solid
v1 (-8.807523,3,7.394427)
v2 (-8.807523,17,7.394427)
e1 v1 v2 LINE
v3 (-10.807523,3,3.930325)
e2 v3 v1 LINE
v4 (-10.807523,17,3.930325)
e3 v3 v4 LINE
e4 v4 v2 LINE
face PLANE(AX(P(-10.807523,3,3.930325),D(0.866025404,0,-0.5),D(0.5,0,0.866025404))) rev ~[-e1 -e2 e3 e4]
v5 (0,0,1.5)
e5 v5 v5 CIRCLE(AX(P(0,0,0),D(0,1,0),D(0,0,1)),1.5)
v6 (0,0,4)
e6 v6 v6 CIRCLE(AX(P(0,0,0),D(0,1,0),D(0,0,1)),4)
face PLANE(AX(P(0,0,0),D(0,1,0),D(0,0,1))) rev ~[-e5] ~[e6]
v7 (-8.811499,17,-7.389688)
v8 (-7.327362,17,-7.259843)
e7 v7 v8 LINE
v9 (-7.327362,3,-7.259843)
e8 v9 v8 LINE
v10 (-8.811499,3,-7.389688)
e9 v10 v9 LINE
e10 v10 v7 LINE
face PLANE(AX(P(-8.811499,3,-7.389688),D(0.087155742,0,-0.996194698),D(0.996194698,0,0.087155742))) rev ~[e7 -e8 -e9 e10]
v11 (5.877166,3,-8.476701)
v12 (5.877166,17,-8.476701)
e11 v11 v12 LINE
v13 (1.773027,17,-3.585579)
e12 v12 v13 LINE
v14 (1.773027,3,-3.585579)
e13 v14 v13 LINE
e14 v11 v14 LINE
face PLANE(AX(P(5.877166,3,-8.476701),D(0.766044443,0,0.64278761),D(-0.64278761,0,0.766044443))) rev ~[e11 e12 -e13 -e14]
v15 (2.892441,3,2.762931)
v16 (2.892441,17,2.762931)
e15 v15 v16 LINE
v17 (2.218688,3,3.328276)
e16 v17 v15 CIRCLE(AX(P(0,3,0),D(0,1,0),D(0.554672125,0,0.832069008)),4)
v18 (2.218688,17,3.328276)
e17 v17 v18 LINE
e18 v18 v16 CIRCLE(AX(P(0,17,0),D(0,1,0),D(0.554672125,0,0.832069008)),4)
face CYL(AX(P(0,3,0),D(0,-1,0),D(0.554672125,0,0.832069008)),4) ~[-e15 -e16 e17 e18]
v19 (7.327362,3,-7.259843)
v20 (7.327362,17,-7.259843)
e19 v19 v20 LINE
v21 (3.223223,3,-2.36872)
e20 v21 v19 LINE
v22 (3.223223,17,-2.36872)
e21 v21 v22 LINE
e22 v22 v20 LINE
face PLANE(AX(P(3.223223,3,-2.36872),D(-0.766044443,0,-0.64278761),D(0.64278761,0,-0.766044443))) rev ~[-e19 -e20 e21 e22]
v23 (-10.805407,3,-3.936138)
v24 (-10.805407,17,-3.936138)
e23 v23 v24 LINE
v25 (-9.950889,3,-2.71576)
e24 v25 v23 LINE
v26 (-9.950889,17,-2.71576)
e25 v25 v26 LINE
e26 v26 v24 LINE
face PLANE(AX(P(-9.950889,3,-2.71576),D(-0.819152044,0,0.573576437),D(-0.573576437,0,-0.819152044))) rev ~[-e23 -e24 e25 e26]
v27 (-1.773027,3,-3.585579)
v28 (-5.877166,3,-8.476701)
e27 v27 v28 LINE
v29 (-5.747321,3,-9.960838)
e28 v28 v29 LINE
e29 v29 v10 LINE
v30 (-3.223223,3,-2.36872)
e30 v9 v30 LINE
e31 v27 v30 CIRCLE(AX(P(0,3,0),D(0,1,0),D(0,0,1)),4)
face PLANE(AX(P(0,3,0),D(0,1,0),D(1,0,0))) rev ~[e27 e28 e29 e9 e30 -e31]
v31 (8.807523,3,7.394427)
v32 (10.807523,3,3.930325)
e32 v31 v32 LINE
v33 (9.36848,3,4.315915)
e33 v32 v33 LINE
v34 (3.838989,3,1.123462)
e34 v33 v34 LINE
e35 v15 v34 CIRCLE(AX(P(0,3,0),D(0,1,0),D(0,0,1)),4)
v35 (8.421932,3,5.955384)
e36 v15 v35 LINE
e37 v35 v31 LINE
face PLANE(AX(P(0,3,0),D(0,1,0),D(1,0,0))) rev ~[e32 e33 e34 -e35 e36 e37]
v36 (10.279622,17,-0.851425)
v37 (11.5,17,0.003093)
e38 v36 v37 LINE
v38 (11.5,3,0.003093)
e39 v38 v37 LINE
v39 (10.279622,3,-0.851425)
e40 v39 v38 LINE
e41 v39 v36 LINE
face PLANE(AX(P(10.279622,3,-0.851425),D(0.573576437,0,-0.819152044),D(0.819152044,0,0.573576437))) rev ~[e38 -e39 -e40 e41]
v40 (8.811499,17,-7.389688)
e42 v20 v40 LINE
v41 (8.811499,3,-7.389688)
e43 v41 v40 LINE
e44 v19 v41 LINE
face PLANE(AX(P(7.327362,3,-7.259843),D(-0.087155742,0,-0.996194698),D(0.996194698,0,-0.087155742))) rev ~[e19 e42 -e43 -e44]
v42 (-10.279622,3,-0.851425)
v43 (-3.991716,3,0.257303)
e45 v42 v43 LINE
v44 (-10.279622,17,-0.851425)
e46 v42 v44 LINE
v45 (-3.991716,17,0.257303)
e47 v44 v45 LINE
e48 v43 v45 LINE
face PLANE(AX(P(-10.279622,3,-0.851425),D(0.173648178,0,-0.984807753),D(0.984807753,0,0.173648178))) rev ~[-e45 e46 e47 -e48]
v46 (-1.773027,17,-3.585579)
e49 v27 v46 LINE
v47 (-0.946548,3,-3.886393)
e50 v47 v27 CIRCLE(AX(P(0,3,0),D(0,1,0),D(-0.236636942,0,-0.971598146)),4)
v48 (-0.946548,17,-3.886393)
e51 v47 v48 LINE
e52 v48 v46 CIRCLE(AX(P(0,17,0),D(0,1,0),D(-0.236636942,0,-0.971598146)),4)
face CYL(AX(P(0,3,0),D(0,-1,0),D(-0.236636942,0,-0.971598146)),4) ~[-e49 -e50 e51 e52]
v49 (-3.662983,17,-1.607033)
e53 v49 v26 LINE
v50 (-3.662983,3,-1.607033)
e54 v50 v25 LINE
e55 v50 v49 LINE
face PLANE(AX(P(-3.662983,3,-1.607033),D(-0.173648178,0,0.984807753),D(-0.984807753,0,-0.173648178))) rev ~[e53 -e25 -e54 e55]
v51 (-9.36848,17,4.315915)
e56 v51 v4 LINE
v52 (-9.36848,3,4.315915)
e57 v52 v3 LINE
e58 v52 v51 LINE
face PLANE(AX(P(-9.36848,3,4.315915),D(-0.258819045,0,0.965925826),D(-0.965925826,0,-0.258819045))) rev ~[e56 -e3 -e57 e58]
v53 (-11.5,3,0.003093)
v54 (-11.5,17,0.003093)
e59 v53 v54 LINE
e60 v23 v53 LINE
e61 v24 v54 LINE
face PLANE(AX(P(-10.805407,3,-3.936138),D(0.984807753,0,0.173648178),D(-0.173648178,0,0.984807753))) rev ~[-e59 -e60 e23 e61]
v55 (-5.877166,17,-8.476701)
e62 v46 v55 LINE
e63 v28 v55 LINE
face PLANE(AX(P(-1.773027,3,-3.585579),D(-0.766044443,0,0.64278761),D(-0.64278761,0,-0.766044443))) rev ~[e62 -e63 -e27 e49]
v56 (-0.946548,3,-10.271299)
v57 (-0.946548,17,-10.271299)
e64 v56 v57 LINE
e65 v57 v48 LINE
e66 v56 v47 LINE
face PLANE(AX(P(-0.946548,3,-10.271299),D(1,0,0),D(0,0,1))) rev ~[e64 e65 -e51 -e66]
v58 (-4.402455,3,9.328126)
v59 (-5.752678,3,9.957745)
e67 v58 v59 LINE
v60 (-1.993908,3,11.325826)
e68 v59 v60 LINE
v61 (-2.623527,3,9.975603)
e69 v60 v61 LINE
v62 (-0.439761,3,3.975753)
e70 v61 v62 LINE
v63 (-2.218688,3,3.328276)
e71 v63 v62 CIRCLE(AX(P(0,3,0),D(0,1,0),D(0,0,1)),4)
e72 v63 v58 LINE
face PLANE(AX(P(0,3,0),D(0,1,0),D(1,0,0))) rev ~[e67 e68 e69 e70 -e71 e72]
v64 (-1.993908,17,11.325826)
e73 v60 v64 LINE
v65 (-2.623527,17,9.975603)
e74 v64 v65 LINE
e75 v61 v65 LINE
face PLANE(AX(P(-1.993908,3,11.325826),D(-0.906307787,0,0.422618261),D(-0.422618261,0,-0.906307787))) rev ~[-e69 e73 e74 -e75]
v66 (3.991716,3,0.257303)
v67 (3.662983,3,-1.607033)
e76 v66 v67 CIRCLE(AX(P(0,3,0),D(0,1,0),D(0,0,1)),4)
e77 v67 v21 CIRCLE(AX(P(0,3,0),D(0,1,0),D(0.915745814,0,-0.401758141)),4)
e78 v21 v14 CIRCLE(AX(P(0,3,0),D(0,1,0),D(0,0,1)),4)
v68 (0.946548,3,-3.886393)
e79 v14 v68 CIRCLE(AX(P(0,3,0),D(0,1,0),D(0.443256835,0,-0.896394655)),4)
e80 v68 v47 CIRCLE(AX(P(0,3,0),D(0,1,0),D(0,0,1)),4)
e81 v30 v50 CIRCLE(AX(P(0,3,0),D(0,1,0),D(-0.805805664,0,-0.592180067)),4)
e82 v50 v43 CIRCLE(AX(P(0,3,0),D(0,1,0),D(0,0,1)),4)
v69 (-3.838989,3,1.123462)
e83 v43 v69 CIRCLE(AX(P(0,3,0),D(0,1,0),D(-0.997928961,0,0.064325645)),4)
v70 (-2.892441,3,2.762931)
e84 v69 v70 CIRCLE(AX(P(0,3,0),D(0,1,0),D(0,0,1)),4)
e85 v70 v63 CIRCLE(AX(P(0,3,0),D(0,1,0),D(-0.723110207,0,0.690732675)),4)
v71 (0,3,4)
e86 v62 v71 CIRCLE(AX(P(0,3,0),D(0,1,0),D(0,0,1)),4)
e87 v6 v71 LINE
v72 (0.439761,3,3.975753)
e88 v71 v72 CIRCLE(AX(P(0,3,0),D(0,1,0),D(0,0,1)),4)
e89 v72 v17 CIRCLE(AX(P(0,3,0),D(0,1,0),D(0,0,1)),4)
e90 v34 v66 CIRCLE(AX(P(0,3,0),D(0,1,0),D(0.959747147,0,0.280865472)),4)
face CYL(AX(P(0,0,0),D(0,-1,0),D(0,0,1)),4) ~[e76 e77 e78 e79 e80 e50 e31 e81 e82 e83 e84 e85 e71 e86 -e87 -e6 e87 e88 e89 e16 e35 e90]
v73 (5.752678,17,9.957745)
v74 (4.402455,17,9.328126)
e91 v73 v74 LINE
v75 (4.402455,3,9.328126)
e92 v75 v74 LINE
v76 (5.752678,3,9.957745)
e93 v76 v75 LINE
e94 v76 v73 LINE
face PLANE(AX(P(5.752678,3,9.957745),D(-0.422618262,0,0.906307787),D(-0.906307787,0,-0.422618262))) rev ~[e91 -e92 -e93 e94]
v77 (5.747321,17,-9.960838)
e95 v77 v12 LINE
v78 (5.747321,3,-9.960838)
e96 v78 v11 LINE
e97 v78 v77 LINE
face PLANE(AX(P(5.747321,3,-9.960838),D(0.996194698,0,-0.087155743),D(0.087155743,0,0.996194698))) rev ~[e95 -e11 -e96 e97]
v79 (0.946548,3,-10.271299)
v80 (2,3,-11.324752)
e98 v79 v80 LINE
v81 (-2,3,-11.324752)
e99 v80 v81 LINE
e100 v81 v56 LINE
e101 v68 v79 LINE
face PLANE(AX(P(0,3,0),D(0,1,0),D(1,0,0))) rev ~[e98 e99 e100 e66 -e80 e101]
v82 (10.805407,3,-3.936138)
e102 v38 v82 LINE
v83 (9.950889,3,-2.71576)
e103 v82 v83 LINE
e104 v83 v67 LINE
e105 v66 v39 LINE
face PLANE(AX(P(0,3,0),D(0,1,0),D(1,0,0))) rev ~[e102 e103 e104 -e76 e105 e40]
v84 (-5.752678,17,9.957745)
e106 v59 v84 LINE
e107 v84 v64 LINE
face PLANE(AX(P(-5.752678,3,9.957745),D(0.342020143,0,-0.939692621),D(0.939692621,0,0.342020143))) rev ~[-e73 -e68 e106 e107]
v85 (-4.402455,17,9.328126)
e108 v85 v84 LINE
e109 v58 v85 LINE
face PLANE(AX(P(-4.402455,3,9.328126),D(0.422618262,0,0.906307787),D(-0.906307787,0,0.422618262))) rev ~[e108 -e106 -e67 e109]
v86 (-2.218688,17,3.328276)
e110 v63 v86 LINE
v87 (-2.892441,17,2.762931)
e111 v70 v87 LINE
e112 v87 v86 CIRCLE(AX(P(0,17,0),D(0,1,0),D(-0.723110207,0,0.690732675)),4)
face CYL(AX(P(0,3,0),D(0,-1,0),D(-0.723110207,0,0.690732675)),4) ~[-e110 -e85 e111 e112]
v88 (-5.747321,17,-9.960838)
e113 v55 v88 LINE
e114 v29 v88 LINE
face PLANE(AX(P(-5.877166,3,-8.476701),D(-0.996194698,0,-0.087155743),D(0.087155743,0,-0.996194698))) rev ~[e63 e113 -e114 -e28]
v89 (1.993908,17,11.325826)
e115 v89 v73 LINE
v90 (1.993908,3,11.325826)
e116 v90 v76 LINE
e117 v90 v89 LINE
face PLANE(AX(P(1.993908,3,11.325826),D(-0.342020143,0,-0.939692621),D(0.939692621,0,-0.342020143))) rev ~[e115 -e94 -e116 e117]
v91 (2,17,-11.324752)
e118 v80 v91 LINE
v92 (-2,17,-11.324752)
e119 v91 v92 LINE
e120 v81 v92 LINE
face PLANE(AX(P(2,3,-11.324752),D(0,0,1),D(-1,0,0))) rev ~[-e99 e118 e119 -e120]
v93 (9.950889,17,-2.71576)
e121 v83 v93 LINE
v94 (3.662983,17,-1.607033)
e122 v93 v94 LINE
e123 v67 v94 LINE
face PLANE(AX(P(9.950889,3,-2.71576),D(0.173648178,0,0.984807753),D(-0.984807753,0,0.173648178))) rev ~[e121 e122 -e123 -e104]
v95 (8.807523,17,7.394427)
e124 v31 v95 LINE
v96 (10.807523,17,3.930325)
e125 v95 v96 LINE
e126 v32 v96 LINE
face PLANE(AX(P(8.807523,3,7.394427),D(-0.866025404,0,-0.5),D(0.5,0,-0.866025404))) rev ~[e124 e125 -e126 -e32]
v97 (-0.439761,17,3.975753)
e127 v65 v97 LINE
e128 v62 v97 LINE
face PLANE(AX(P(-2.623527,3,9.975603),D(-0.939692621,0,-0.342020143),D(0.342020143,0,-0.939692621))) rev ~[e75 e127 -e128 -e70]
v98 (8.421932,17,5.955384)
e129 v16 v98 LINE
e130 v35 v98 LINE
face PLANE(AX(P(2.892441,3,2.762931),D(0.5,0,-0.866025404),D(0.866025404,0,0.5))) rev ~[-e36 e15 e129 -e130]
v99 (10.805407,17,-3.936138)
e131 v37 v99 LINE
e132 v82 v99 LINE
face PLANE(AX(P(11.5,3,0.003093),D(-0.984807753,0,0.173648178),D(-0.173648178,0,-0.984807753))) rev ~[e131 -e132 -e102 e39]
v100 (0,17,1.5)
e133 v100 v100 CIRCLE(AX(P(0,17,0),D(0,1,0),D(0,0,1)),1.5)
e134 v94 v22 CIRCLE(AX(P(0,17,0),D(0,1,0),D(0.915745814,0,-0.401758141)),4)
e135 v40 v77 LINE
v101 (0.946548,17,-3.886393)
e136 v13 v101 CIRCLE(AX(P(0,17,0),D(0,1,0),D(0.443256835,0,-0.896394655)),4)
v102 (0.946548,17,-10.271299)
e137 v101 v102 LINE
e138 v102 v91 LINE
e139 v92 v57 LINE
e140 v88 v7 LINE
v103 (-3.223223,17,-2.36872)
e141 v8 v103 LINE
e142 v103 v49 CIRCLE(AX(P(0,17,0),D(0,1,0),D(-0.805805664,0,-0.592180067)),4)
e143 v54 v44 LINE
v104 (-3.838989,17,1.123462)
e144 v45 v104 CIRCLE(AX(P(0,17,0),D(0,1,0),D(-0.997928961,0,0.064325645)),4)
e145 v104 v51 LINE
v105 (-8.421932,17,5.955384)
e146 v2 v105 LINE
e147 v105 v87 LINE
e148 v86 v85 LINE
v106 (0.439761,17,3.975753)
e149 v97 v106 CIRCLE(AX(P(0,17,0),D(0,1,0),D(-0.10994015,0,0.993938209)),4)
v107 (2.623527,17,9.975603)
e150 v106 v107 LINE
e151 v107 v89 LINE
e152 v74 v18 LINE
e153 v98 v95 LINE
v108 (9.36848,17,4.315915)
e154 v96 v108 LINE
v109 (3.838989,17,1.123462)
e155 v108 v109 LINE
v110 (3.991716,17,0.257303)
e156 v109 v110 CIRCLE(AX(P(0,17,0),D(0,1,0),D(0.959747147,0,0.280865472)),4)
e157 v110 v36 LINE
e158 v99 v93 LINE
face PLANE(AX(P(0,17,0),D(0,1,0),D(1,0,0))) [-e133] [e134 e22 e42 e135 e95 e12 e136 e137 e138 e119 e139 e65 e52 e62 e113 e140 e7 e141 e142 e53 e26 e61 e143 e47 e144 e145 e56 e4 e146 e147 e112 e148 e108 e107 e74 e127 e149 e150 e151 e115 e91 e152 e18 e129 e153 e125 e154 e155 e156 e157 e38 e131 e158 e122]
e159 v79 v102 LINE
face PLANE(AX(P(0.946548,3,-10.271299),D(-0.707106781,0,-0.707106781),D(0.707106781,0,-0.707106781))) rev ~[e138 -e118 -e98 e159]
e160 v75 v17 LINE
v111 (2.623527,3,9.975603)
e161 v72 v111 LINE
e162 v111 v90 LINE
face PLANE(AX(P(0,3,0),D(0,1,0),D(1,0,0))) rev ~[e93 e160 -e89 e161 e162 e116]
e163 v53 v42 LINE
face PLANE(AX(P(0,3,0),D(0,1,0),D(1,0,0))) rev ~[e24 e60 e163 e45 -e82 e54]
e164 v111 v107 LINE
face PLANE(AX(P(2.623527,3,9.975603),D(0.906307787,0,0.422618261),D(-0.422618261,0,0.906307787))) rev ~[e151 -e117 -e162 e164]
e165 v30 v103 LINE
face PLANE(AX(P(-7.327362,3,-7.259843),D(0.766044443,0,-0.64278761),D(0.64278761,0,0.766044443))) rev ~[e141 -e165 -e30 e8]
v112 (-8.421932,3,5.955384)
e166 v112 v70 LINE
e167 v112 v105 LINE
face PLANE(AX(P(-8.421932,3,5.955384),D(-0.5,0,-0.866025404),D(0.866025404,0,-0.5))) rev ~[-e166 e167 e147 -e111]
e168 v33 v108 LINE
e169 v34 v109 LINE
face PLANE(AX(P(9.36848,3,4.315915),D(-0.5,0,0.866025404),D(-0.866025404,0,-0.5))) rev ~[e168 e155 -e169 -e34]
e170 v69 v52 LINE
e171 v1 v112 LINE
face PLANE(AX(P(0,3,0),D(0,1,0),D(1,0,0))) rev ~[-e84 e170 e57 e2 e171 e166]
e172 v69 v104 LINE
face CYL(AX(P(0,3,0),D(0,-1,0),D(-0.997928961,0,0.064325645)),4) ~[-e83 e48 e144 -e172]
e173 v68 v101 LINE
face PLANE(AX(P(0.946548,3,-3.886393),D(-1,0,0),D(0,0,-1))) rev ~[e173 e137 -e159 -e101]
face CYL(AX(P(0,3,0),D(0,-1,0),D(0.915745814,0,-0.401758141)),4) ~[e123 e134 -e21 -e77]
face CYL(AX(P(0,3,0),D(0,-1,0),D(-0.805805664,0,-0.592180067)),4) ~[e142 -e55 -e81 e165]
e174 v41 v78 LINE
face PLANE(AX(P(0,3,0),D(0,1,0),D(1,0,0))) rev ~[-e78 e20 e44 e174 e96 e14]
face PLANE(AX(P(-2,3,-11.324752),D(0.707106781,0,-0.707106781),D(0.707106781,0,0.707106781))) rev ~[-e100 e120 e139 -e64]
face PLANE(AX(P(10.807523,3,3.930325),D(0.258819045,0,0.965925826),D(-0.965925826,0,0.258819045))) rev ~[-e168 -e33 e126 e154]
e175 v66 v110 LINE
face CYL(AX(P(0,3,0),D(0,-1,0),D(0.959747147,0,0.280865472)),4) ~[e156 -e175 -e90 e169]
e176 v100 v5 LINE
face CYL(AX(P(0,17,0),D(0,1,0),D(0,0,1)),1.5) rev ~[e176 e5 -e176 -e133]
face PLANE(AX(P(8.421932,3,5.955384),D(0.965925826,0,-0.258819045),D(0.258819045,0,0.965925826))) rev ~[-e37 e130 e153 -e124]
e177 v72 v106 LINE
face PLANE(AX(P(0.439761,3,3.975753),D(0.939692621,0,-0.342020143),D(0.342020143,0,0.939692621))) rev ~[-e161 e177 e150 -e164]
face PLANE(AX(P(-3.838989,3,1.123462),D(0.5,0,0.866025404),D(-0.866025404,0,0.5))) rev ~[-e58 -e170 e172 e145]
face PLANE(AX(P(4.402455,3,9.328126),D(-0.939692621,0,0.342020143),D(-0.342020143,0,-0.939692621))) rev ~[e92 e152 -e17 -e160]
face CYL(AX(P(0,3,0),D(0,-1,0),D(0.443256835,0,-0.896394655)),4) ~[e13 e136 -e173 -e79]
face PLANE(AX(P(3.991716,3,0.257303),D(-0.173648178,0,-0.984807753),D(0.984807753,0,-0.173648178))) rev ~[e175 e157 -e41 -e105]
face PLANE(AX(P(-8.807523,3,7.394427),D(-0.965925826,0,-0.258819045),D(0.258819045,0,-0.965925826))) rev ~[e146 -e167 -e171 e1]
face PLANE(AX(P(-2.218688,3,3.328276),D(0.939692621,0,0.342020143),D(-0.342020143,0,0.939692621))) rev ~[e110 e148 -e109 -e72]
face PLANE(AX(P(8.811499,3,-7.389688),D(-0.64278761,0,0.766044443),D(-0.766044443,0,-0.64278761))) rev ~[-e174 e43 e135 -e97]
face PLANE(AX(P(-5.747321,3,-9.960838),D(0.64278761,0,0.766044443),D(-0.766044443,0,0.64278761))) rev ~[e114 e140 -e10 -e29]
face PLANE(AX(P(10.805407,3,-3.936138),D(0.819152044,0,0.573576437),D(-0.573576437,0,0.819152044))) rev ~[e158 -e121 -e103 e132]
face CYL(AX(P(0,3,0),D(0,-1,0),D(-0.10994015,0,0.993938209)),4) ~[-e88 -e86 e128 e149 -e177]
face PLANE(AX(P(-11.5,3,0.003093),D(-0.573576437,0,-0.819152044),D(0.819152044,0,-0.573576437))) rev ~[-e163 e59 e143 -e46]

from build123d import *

# Parameters (mm, degrees)
SCHIZZO1_R                   = 4
ESTRUSIONE_ESTRUSIONE1_DEPTH = 3
ESTRUSIONE_ESTRUSIONE2_DEPTH = 14
SCHIZZO3_R                   = 1.5
TAGLIO_ESTRUSIONE1_DEPTH     = 32


with BuildPart() as part:
    # Schizzo1 → Estrusione-Estrusione1 (new body)
    with BuildSketch(Plane(origin=(0, 0, 0), x_dir=(1, 0, 0), z_dir=(0, 1, 0))):
        with Locations(Location((0, 0, 0), (0, 0, 270))):
            Circle(SCHIZZO1_R)
    extrude(amount=ESTRUSIONE_ESTRUSIONE1_DEPTH)

    # Schizzo2 → Estrusione-Estrusione2 (add)
    with BuildSketch(Plane(origin=(0, 3, 0), x_dir=(1, 0, 0), z_dir=(0, 1, 0))):
        with BuildLine():
            Line((5.877166346, 8.476701011), (1.77302735, 3.585578617))
            ThreePointArc((1.77302735, 3.585578617), (1.368080573, 3.758770483), (0.94654776, 3.886392587))
            Line((0.94654776, 3.886392587), (0.94654776, 10.271299413))
            Line((0.94654776, 10.271299413), (2, 11.324751653))
            Line((2, 11.324751653), (-2, 11.324751653))
            Line((-2, 11.324751653), (-0.94654776, 10.271299413))
            Line((-0.94654776, 10.271299413), (-0.94654776, 3.886392587))
            ThreePointArc((-0.94654776, 3.886392587), (-1.368080573, 3.758770483), (-1.77302735, 3.585578617))
            Line((-1.77302735, 3.585578617), (-5.877166346, 8.476701011))
            Line((-5.877166346, 8.476701011), (-5.747321159, 9.960838293))
            Line((-5.747321159, 9.960838293), (-8.811498932, 7.389687854))
            Line((-8.811498932, 7.389687854), (-7.327361649, 7.259842667))
            Line((-7.327361649, 7.259842667), (-3.223222653, 2.368720273))
            ThreePointArc((-3.223222653, 2.368720273), (-3.464101615, 2), (-3.662983257, 1.607032563))
            Line((-3.662983257, 1.607032563), (-9.950889001, 2.715759998))
            Line((-9.950889001, 2.715759998), (-10.805406873, 3.936137993))
            Line((-10.805406873, 3.936137993), (-11.499999584, -0.003093019))
            Line((-11.499999584, -0.003093019), (-10.279621589, 0.851424853))
            Line((-10.279621589, 0.851424853), (-3.991715844, -0.257302582))
            ThreePointArc((-3.991715844, -0.257302582), (-3.939231012, -0.694592711), (-3.838988589, -1.123461888))
            Line((-3.838988589, -1.123461888), (-9.368480101, -4.315915301))
            Line((-9.368480101, -4.315915301), (-10.807522623, -3.930325019))
            Line((-10.807522623, -3.930325019), (-8.807522623, -7.394426634))
            Line((-8.807522623, -7.394426634), (-8.421932341, -5.955384112))
            Line((-8.421932341, -5.955384112), (-2.892440829, -2.762930699))
            ThreePointArc((-2.892440829, -2.762930699), (-2.571150439, -3.064177772), (-2.218688495, -3.328276035))
            Line((-2.218688495, -3.328276035), (-4.402455242, -9.328125863))
            Line((-4.402455242, -9.328125863), (-5.752678425, -9.957745274))
            Line((-5.752678425, -9.957745274), (-1.993907942, -11.325825847))
            Line((-1.993907942, -11.325825847), (-2.623527352, -9.975602664))
            Line((-2.623527352, -9.975602664), (-0.439760605, -3.975752836))
            ThreePointArc((-0.439760605, -3.975752836), (0, -4), (0.439760605, -3.975752836))
            Line((0.439760605, -3.975752836), (2.623527352, -9.975602664))
            Line((2.623527352, -9.975602664), (1.993907942, -11.325825847))
            Line((1.993907942, -11.325825847), (5.752678425, -9.957745274))
            Line((5.752678425, -9.957745274), (4.402455242, -9.328125863))
            Line((4.402455242, -9.328125863), (2.218688495, -3.328276035))
            ThreePointArc((2.218688495, -3.328276035), (2.571150439, -3.064177772), (2.892440829, -2.762930699))
            Line((2.892440829, -2.762930699), (8.421932341, -5.955384112))
            Line((8.421932341, -5.955384112), (8.807522623, -7.394426634))
            Line((8.807522623, -7.394426634), (10.807522623, -3.930325019))
            Line((10.807522623, -3.930325019), (9.368480101, -4.315915301))
            Line((9.368480101, -4.315915301), (3.838988589, -1.123461888))
            ThreePointArc((3.838988589, -1.123461888), (3.939231012, -0.694592711), (3.991715844, -0.257302582))
            Line((3.991715844, -0.257302582), (10.279621589, 0.851424853))
            Line((10.279621589, 0.851424853), (11.499999584, -0.003093019))
            Line((11.499999584, -0.003093019), (10.805406873, 3.936137993))
            Line((10.805406873, 3.936137993), (9.950889001, 2.715759998))
            Line((9.950889001, 2.715759998), (3.662983257, 1.607032563))
            ThreePointArc((3.662983257, 1.607032563), (3.464101615, 2), (3.223222653, 2.368720273))
            Line((3.223222653, 2.368720273), (7.327361649, 7.259842667))
            Line((7.327361649, 7.259842667), (8.811498932, 7.389687854))
            Line((8.811498932, 7.389687854), (5.747321159, 9.960838293))
            Line((5.747321159, 9.960838293), (5.877166346, 8.476701011))
        make_face()
    extrude(amount=ESTRUSIONE_ESTRUSIONE2_DEPTH)

    # Schizzo3 → Taglio-Estrusione1 (cut)
    with BuildSketch(Plane(origin=(0, 17, 0), x_dir=(1, 0, 0), z_dir=(0, 1, 0))):
        with Locations(Location((0, 0, 0), (0, 0, 270))):
            Circle(SCHIZZO3_R)
    extrude(amount=-TAGLIO_ESTRUSIONE1_DEPTH, mode=Mode.SUBTRACT)


solid = part.part
